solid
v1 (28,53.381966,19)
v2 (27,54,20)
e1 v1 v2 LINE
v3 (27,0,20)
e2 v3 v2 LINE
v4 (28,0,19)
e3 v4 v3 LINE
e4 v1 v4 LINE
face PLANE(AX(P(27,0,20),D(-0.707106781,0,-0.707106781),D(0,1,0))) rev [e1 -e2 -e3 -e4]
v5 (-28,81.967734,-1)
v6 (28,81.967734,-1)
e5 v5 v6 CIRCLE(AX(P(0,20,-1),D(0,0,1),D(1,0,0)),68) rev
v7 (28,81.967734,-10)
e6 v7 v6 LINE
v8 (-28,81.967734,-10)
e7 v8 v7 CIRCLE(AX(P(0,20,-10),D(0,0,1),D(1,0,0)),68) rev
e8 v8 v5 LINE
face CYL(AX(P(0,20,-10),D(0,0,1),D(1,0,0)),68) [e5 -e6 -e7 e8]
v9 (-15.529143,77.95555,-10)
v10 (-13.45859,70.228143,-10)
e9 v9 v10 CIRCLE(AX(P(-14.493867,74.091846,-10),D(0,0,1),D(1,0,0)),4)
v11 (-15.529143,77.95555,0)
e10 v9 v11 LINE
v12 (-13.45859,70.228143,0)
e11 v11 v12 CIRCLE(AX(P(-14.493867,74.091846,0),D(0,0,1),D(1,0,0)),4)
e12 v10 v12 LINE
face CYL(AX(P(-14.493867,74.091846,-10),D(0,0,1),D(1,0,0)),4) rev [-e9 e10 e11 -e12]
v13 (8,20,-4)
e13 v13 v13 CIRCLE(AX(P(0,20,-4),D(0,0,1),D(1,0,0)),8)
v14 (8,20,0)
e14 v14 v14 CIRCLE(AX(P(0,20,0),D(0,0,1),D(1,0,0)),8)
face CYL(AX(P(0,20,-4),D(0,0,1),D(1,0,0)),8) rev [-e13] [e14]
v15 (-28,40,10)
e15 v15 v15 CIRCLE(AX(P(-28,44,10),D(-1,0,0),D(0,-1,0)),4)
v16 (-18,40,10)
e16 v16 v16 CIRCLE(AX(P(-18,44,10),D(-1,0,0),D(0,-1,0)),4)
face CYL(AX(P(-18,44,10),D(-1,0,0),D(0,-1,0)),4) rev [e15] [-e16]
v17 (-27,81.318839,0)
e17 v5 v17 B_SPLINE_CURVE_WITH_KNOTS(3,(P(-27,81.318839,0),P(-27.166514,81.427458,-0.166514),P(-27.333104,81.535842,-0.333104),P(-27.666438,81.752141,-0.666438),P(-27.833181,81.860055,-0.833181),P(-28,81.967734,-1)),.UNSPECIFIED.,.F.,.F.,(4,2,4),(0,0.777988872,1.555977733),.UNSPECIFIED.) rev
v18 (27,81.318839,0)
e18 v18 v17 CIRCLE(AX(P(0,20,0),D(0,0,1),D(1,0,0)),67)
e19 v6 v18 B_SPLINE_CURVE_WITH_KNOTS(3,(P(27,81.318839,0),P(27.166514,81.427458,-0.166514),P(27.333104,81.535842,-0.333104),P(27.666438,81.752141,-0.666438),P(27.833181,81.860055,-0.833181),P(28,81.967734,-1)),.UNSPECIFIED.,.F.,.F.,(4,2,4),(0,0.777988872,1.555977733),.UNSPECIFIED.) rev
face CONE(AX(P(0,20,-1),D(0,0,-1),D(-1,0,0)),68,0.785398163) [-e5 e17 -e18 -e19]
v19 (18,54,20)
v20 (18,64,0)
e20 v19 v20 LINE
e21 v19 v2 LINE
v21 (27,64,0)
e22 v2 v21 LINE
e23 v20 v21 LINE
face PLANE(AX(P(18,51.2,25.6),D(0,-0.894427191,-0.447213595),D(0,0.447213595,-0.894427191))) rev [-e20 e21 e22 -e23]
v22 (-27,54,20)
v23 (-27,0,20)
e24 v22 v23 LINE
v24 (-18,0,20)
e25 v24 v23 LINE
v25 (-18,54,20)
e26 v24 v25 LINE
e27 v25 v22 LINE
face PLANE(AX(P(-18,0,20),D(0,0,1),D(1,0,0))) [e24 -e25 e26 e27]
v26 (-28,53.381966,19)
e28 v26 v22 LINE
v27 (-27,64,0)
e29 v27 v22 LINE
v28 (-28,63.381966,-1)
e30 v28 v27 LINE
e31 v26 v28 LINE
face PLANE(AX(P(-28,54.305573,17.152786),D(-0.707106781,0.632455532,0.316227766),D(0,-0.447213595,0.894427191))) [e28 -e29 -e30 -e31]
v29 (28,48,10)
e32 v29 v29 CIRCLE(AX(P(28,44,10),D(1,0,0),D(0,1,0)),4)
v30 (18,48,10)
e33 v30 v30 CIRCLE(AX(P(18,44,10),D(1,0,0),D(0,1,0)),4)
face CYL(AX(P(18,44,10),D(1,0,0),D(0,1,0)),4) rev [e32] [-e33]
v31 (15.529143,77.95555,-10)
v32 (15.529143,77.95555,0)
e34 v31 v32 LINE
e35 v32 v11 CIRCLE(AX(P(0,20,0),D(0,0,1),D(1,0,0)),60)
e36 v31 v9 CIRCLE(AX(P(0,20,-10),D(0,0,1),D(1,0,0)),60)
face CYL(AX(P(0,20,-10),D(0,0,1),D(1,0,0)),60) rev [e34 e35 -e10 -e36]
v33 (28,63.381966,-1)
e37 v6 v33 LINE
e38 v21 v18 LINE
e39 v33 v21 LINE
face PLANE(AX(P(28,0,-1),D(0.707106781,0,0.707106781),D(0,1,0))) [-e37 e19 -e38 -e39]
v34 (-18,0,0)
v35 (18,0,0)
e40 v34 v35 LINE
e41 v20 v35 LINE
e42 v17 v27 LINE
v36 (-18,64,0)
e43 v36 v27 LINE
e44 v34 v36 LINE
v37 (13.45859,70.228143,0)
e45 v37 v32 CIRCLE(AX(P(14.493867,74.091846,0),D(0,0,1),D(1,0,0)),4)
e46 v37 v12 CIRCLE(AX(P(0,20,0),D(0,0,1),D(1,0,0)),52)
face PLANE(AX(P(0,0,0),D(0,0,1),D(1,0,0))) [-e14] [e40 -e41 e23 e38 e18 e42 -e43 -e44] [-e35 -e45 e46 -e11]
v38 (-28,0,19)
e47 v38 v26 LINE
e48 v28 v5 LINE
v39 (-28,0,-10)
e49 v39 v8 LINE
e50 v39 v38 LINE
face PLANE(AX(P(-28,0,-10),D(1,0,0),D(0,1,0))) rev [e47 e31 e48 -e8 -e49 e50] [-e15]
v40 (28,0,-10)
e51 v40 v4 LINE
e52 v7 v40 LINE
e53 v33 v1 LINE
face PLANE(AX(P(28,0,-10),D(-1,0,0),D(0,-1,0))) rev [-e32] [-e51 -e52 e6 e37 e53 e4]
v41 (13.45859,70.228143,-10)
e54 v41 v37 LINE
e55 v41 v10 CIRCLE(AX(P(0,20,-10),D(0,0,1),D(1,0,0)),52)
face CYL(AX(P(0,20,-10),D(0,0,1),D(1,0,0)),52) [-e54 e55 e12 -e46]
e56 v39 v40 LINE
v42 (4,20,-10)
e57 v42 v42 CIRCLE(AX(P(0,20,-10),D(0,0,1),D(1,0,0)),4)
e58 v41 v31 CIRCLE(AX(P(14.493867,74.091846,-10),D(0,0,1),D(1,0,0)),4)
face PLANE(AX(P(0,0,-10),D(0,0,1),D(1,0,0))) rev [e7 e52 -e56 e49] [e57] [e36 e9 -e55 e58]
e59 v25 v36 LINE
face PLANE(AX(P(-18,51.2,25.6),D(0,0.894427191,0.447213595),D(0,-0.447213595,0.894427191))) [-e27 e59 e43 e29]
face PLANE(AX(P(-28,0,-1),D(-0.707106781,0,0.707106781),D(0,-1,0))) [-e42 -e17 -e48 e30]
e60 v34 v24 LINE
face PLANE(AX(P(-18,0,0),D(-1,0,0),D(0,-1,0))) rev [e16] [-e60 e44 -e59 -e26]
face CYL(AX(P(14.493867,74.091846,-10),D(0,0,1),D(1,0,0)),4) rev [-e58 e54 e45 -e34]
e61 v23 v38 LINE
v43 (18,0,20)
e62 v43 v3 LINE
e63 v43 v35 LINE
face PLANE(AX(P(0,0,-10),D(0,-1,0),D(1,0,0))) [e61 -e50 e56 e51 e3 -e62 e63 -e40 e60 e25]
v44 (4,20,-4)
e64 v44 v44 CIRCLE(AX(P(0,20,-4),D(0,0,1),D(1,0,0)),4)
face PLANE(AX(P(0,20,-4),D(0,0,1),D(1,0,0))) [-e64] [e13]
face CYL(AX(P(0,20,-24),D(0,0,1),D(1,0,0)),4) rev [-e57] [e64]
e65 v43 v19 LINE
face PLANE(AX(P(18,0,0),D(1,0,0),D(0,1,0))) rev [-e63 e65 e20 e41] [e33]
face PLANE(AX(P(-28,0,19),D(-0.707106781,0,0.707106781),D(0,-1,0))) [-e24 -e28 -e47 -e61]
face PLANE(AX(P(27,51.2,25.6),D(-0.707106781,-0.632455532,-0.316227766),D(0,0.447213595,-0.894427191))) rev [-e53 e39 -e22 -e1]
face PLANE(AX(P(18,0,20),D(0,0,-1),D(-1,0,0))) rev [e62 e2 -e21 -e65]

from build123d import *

# Parameters (mm, degrees)
BOSS_EXTRUDE2_DEPTH = 10
SKETCH1_4_R         = 8
CUT_EXTRUDE1_DEPTH  = 4
SKETCH1_6_R         = 4
CUT_EXTRUDE2_DEPTH  = 24
SKETCH2_R           = 4
BOSS_EXTRUDE3_DEPTH = 10
BOSS_EXTRUDE4_START = -10
SKETCH3_R           = 4
BOSS_EXTRUDE4_DEPTH = 10
CHAMFER1_SIZE       = 1


with BuildPart() as part:
    # Sketch1 → Boss-Extrude2 (new body)
    with BuildSketch(Plane.XY):
        with BuildLine():
            Line((-28, 81.967733539), (-28, 0))
            Line((-28, 0), (28, 0))
            Line((28, 0), (28, 81.967733539))
            ThreePointArc((28, 81.967733539), (0, 88), (-28, 81.967733539))
        make_face()
        with BuildLine():
            ThreePointArc((-15.529142706, 77.955549577), (0, 80), (15.529142706, 77.955549577))
            ThreePointArc((15.529142706, 77.955549577), (18.357569831, 73.056570092), (13.458590345, 70.228142967))
            ThreePointArc((13.458590345, 70.228142967), (0, 72), (-13.458590345, 70.228142967))
            ThreePointArc((-13.458590345, 70.228142967), (-18.357569831, 73.056570092), (-15.529142706, 77.955549577))
        make_face(mode=Mode.SUBTRACT)
    extrude(amount=-BOSS_EXTRUDE2_DEPTH)

    # Sketch1<4> → Cut-Extrude1 (cut)
    with BuildSketch(Plane.XY):
        with Locations((0, 20)):
            Circle(SKETCH1_4_R)
    extrude(amount=-CUT_EXTRUDE1_DEPTH, mode=Mode.SUBTRACT)

    # Sketch1<6> → Cut-Extrude2 (cut)
    with BuildSketch(Plane.XY):
        with Locations((0, 20)):
            Circle(SKETCH1_6_R)
    extrude(amount=-CUT_EXTRUDE2_DEPTH, mode=Mode.SUBTRACT)

    # Sketch2 → Boss-Extrude3 (add)
    with BuildSketch(Plane.ZY.offset(28)):
        Polygon((0, 64), (0, 0), (20, 0), (20, 54), align=None)
        with Locations((10, 44)):
            Circle(SKETCH2_R, mode=Mode.SUBTRACT)
    extrude(amount=-BOSS_EXTRUDE3_DEPTH)

    # Sketch3 → Boss-Extrude4 (add)
    with BuildSketch(Plane(origin=(28, 0, 0), x_dir=(0, 0, -1), z_dir=(1, 0, 0)).offset(BOSS_EXTRUDE4_START)):
        Polygon((-20, 54), (-20, 0), (0, 0), (0, 64), align=None)
        with Locations((-10, 44)):
            Circle(SKETCH3_R, mode=Mode.SUBTRACT)
    extrude(amount=BOSS_EXTRUDE4_DEPTH)

    # Chamfer1
    chamfer1_edges = [part.edges().sort_by_distance(p)[0] for p in [
        (28, 27, 20),
        (28, 59, 10),
        (28, 72.98386677, 0),
        (0, 88, 0),
        (-28, 72.98386677, 0),
        (-28, 59, 10),
        (-28, 27, 20),
    ]]
    chamfer(chamfer1_edges, length=CHAMFER1_SIZE)


solid = part.part
